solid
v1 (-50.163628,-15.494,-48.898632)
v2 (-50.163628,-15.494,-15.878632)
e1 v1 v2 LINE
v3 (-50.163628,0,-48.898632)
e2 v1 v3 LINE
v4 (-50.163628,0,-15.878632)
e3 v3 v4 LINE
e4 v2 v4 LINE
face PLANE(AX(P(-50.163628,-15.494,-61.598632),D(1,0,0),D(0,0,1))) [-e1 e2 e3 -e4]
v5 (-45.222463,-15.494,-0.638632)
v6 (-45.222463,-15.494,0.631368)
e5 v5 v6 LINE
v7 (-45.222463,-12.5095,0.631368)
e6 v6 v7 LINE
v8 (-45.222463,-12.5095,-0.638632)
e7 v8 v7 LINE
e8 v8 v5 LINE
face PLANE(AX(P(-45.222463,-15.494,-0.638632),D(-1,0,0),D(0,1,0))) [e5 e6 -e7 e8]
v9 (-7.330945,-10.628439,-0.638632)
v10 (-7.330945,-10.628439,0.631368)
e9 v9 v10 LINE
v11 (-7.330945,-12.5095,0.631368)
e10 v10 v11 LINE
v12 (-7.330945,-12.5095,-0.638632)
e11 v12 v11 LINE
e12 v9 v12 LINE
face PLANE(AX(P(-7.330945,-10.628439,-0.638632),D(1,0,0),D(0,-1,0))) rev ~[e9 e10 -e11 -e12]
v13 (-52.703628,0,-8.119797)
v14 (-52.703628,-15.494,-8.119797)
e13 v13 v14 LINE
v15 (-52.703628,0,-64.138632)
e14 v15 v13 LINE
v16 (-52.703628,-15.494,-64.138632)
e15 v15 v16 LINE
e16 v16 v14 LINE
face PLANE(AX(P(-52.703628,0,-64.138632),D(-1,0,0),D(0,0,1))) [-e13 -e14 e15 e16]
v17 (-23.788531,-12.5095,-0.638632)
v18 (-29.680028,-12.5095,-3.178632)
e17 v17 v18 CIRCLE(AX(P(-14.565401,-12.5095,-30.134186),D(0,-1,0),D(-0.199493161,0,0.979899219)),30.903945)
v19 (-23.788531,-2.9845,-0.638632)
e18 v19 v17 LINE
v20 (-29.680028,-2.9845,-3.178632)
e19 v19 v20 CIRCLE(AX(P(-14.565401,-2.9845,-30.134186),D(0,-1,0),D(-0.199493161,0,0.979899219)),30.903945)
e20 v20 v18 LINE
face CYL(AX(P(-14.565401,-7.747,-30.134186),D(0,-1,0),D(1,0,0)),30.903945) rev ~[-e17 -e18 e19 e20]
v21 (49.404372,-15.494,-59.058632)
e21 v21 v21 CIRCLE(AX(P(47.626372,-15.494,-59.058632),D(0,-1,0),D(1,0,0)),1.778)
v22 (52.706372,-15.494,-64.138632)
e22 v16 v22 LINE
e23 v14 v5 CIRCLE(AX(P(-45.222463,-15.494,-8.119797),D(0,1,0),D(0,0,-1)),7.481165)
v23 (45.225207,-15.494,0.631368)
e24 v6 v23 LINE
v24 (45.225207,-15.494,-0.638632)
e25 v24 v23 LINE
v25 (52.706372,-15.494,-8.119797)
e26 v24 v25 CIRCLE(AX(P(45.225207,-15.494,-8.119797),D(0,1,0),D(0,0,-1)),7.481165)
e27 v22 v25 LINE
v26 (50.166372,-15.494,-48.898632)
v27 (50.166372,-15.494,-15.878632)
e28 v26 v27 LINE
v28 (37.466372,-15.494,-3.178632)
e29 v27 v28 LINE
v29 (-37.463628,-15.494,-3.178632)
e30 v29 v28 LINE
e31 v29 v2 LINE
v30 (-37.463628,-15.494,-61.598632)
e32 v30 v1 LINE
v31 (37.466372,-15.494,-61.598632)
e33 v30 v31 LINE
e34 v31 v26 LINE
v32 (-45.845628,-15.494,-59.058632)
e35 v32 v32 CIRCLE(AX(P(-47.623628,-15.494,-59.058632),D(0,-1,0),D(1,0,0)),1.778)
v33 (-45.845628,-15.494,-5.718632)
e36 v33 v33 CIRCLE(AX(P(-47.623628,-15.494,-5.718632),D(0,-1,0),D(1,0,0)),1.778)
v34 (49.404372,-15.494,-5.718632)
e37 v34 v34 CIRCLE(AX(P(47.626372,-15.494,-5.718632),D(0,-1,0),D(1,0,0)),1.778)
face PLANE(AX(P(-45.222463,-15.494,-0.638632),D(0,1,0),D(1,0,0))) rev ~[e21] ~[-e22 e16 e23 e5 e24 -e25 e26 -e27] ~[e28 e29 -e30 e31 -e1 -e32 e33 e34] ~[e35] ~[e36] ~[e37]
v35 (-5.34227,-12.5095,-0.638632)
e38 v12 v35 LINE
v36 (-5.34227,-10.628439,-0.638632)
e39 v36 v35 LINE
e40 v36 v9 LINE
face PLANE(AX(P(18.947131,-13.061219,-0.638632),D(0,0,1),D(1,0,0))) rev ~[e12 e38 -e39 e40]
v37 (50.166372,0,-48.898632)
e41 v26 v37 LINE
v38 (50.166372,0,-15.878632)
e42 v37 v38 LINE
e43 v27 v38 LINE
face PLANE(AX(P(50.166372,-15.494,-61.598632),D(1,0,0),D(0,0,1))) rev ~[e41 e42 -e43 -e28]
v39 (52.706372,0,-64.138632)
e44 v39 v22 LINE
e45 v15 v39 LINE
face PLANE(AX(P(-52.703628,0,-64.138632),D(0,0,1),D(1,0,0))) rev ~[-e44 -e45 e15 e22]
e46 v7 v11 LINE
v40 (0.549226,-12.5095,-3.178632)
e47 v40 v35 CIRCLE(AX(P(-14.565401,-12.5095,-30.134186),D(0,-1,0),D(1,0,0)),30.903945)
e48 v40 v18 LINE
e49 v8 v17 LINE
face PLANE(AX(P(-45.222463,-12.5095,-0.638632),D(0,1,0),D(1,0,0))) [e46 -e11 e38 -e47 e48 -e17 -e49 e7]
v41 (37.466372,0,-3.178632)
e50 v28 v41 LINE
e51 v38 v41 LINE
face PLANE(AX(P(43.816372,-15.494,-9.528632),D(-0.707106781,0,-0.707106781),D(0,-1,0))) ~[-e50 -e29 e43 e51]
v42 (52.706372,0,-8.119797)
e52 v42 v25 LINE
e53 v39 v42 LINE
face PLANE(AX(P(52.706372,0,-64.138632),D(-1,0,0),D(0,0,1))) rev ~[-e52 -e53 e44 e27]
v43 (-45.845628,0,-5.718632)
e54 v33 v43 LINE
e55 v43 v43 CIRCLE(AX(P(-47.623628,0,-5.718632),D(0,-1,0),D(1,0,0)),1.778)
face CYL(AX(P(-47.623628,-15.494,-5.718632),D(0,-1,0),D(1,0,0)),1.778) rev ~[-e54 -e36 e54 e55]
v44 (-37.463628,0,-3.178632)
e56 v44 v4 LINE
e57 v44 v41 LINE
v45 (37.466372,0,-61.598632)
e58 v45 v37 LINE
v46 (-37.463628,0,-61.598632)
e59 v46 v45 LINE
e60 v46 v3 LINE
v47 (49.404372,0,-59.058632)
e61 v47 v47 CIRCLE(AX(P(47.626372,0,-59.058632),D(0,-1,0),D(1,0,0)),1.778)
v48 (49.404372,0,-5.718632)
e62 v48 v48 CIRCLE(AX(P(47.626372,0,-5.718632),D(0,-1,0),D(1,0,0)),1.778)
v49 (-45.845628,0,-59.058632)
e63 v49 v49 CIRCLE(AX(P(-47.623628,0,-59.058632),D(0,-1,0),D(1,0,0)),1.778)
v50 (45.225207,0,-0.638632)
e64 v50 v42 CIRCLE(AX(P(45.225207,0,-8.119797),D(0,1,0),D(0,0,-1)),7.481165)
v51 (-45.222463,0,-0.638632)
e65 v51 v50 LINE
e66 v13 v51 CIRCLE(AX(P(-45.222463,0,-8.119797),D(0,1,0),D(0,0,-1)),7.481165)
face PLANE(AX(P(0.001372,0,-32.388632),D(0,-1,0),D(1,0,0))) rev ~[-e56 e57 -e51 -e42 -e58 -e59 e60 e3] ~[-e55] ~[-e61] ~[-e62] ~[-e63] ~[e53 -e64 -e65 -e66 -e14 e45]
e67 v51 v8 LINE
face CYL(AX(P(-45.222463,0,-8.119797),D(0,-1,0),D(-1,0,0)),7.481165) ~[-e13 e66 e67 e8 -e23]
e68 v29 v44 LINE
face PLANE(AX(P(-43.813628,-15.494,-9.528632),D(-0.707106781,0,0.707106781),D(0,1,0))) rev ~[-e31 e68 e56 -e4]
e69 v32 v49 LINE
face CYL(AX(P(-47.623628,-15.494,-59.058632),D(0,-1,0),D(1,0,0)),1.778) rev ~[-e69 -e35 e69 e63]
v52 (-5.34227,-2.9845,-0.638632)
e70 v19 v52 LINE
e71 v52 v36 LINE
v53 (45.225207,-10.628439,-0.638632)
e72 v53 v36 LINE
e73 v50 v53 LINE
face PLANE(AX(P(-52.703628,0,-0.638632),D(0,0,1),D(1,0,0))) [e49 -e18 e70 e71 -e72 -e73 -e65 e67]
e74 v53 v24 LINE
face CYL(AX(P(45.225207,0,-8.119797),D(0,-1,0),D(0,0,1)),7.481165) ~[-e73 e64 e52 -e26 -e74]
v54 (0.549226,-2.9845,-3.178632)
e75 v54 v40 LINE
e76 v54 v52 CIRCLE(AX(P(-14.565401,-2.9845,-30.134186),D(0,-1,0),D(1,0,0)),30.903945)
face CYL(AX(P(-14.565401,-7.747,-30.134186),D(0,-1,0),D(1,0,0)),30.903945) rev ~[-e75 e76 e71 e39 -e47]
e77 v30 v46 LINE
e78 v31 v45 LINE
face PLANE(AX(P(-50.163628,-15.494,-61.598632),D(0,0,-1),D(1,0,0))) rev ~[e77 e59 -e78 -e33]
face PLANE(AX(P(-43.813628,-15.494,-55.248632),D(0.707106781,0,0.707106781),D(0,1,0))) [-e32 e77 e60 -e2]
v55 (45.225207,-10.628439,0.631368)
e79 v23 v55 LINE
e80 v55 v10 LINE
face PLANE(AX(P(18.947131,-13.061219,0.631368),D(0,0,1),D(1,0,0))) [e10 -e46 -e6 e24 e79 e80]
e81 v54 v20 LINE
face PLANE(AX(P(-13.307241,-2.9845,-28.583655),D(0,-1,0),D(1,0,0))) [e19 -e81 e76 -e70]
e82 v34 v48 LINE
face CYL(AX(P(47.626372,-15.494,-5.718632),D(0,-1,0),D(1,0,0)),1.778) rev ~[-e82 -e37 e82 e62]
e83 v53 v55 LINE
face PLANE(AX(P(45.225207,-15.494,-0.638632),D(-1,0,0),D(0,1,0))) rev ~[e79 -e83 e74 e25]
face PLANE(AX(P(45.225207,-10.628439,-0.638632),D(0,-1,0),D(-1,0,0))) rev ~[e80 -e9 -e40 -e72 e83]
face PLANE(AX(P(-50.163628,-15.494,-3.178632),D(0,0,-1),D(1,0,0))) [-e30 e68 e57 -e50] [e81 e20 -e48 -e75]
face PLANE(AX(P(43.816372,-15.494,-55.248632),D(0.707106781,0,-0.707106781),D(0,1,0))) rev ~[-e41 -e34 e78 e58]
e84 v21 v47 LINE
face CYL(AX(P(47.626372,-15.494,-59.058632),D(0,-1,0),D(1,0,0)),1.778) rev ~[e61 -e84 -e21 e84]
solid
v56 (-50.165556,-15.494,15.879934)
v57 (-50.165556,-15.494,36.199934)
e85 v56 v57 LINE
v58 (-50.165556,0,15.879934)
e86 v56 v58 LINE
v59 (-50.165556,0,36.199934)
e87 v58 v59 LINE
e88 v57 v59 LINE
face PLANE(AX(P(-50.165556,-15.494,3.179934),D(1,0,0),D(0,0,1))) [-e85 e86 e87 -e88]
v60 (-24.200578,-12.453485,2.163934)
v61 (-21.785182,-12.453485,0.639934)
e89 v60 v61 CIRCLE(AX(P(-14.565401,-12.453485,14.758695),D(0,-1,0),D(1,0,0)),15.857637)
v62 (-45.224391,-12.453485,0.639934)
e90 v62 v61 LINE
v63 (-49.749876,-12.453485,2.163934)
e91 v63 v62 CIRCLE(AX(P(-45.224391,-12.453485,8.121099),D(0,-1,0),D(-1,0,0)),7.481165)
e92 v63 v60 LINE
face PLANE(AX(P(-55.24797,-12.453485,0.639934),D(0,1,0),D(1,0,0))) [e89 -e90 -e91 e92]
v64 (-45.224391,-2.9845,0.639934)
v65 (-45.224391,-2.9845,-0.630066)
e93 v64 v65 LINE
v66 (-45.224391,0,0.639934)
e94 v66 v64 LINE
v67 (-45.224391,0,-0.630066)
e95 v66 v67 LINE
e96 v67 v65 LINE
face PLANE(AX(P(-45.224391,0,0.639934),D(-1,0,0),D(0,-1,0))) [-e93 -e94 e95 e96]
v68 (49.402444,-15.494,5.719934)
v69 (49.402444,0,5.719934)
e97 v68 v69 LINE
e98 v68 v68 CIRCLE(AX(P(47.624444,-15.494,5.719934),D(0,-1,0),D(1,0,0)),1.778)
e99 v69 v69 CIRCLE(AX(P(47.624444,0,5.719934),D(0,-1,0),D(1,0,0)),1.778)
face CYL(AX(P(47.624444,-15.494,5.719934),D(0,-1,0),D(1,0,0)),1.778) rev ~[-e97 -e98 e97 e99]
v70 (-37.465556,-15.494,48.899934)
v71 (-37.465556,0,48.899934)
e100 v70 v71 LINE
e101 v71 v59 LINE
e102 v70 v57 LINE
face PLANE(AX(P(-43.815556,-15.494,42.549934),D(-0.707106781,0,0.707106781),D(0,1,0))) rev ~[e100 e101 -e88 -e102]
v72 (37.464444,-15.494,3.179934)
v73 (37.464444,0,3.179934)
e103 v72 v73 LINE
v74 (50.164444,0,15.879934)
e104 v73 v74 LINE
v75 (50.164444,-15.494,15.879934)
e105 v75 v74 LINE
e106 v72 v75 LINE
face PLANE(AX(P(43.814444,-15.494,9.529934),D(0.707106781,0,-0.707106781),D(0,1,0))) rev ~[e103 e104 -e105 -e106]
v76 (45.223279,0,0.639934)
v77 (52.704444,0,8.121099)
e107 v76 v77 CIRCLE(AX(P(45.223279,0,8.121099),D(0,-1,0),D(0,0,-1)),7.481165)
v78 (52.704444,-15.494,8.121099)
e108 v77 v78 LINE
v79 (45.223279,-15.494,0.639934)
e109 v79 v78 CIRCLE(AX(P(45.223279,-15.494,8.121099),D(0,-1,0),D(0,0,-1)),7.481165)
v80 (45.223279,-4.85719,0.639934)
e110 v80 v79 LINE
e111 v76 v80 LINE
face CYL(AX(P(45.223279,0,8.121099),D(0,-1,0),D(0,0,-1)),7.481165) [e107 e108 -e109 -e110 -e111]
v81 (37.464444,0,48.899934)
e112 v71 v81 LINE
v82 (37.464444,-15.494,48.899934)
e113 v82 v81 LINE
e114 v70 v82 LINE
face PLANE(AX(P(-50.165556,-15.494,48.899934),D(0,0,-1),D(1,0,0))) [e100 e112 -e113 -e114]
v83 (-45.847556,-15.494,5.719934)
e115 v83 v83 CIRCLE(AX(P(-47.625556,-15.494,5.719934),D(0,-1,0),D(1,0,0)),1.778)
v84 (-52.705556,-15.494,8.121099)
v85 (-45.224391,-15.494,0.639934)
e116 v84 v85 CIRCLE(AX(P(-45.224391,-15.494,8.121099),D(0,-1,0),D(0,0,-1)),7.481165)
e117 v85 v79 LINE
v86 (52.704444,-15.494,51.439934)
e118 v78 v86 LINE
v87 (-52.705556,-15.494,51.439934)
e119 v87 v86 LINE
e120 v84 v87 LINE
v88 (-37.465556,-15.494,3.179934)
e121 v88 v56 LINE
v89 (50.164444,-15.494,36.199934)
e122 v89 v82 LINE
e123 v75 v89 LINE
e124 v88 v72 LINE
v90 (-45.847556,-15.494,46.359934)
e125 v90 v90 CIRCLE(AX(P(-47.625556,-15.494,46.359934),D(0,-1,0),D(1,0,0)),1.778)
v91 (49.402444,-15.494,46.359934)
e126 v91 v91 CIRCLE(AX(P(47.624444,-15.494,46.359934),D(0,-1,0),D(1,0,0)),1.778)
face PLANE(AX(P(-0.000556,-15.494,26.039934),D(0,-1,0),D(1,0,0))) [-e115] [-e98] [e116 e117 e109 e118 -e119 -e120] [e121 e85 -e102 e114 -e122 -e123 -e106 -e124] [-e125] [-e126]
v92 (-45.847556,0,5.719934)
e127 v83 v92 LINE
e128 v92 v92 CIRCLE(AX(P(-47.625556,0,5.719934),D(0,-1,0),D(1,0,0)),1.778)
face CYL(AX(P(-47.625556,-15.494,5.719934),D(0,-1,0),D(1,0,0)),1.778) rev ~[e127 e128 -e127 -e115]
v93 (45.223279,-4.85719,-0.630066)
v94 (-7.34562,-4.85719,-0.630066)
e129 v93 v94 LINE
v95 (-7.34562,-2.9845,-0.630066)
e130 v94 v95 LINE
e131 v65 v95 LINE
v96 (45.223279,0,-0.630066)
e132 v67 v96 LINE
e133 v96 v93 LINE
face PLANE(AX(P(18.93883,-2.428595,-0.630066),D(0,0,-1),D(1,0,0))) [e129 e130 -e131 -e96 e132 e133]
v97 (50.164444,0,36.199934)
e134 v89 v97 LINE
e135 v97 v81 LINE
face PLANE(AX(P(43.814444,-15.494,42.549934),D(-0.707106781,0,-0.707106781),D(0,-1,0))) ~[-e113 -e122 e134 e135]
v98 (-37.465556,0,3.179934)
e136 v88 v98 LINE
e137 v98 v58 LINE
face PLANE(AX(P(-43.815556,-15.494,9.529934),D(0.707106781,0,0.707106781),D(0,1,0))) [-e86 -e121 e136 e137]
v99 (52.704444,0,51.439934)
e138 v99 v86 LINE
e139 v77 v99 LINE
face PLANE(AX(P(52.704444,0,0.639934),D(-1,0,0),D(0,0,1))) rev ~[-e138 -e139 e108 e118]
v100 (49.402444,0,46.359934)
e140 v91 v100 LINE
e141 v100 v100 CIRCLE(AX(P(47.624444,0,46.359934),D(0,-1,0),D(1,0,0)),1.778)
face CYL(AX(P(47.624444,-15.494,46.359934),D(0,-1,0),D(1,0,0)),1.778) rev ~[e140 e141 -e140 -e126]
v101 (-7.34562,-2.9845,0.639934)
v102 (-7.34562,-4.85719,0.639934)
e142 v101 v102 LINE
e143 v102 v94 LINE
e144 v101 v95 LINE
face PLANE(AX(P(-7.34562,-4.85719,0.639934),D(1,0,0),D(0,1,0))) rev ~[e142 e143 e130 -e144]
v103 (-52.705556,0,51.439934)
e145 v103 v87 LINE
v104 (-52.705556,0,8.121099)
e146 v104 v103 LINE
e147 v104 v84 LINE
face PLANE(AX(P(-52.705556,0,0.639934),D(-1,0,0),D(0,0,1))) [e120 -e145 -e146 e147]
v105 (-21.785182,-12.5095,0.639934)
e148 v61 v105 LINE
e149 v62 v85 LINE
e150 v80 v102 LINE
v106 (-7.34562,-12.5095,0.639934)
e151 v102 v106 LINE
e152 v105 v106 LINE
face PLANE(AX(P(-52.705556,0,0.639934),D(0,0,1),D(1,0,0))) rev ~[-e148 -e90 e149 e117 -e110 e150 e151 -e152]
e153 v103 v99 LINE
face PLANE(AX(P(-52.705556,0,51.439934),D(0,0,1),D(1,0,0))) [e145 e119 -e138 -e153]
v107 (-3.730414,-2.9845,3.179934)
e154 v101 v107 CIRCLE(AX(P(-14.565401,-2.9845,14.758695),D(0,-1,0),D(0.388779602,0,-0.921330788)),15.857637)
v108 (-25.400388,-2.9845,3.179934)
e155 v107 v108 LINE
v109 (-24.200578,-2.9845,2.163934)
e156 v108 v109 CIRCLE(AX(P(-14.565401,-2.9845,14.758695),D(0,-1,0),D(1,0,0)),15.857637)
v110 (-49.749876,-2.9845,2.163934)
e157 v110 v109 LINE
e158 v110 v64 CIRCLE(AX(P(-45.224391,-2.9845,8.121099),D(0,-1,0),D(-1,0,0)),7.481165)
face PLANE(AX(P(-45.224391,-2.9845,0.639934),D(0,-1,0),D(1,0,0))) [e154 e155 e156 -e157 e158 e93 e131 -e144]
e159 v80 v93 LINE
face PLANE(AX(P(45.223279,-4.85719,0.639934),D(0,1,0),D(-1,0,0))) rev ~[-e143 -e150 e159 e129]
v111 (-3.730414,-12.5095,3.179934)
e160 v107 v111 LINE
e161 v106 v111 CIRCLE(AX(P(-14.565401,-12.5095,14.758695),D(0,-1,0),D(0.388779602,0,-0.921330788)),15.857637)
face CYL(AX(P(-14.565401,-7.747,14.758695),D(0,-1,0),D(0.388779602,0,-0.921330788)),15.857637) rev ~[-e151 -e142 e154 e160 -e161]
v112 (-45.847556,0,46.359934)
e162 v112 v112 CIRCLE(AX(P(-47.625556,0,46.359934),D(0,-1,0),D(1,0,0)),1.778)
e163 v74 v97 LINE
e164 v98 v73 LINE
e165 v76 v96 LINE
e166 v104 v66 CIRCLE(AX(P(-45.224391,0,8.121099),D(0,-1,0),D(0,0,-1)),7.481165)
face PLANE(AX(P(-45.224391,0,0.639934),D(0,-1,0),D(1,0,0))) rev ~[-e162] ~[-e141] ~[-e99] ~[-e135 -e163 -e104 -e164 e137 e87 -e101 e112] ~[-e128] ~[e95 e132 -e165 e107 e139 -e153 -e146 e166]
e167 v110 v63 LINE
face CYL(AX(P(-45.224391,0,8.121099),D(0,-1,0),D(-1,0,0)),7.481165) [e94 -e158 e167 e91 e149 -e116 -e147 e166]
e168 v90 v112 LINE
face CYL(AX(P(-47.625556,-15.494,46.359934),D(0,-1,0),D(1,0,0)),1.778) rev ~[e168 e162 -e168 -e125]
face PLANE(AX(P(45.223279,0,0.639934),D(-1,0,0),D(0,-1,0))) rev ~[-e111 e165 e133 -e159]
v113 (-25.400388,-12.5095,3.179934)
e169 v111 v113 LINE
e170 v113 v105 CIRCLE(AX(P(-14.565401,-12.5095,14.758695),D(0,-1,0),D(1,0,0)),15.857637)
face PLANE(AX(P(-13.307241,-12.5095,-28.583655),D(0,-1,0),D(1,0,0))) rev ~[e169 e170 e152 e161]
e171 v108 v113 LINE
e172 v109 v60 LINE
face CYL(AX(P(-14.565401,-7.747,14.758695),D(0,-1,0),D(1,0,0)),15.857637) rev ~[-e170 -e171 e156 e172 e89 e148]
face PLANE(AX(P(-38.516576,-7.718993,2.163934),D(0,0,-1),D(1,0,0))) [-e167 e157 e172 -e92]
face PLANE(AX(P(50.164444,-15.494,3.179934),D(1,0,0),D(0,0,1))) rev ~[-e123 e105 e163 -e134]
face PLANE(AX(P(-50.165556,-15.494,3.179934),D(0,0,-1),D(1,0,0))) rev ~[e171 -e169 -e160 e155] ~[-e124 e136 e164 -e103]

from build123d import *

# Parameters (mm, degrees)
F0_W      = 105.41
F0_H      = 50.8
F2_DEPTH  = 15.494
F1_W      = 105.41
F1_H      = 63.5
F3_DEPTH  = 15.494
F4_W      = 100.33
F4_H      = 45.72
F6_DEPTH  = 25.4
F5_W      = 100.33
F5_H      = 58.42
F7_DEPTH  = 25.4
F8_SIZE   = 12.7
F9_SIZE   = 12.7
F10_R     = 1.778
F12_DEPTH = 25.4
F11_R     = 1.778
F13_DEPTH = 25.4
F16_DEPTH = 4.7625
F17_R     = 7.4811649871
F17_2_R   = 7.4811649871
F18_W     = 37.8915182585
F18_H     = 2.9845
F19_DEPTH = 1.27
F20_W     = 37.8787715588
F20_H     = 2.9845
F21_DEPTH = 1.27
F22_W     = 33.4627879753
F22_H     = 9.4689852803
F23_DEPTH = 1.524


with BuildPart() as f2:
    # F0 (on Front) → F2 (new body)
    with BuildSketch(Plane.XZ):
        with Locations((-0.0005561543, 26.0399340928)):
            Rectangle(F0_W, F0_H)
    extrude(amount=F2_DEPTH)

    # F4 (on face) → F6 (cut)
    with BuildSketch(Plane.XZ.offset(15.494)):
        with Locations((-0.0005561543, 26.0399340928)):
            Rectangle(F4_W, F4_H)
    extrude(amount=-F6_DEPTH, mode=Mode.SUBTRACT)

    # F8
    f8_edges = [f2.edges().sort_by_distance(p)[0] for p in [
        (-50.165556, -7.747, 48.899934),
        (-50.165556, -7.747, 3.179934),
        (50.164444, -7.747, 48.899934),
        (50.164444, -7.747, 3.179934),
    ]]
    chamfer(f8_edges, length=F8_SIZE)

    # F10 (on face) → F12 (cut)
    with BuildSketch(Plane.XZ.offset(15.494)):
        with Locations((-47.6255561543, 46.3599340928)):
            Circle(F10_R)
        with Locations((47.6244438457, 46.3599340928)):
            Circle(F10_R)
        with Locations((47.6244438457, 5.7199340928)):
            Circle(F10_R)
        with Locations((-47.6255561543, 5.7199340928)):
            Circle(F10_R)
    extrude(amount=-F12_DEPTH, mode=Mode.SUBTRACT)


with BuildPart() as f3:
    # F1 (on Front) → F3 (new body)
    with BuildSketch(Plane.XZ):
        with Locations((0.0013719928, -32.3886321804)):
            Rectangle(F1_W, F1_H)
    extrude(amount=F3_DEPTH)

    # F5 (on face) → F7 (cut)
    with BuildSketch(Plane.XZ.offset(15.494)):
        with Locations((0.0013719928, -32.3886321804)):
            Rectangle(F5_W, F5_H)
    extrude(amount=-F7_DEPTH, mode=Mode.SUBTRACT)

    # F9
    f9_edges = [f3.edges().sort_by_distance(p)[0] for p in [
        (-50.163628, -7.747, -3.178632),
        (50.166372, -7.747, -3.178632),
        (-50.163628, -7.747, -61.598632),
        (50.166372, -7.747, -61.598632),
    ]]
    chamfer(f9_edges, length=F9_SIZE)

    # F11 (on face) → F13 (cut)
    with BuildSketch(Plane.XZ.offset(15.494)):
        with Locations((-47.6236280072, -5.7186321804)):
            Circle(F11_R)
        with Locations((47.6263719928, -5.7186321804)):
            Circle(F11_R)
        with Locations((47.6263719928, -59.0586321804)):
            Circle(F11_R)
        with Locations((-47.6236280072, -59.0586321804)):
            Circle(F11_R)
    extrude(amount=-F13_DEPTH, mode=Mode.SUBTRACT)


with BuildPart() as f16_tool:
    # F15 (on offset) → F16 (new body, symmetric)
    with BuildSketch(Plane.XZ.offset(7.747)):
        with BuildLine():
            ThreePointArc((-20.7305265373, 0.1485658363), (-34.1169625247, -54.0672234968), (16.3385446548, -30.1341861486))
            ThreePointArc((16.3385446548, -30.1341861486), (9.3676365689, -10.5826244032), (-8.4002750212, 0.1485658363))
            ThreePointArc((-8.4002750212, 0.1485658363), (-14.5654007792, -1.0989419614), (-20.7305265373, 0.1485658363))
        make_face()
        with BuildLine():
            ThreePointArc((-20.7305265373, 0.1485658363), (-14.5654007792, -1.0989419614), (-8.4002750212, 0.1485658363))
            ThreePointArc((-8.4002750212, 0.1485658363), (-14.5654007792, 0.7697592854), (-20.7305265373, 0.1485658363))
        make_face()
        with BuildLine():
            ThreePointArc((-20.7305265373, 0.1485658363), (-14.5654007792, 0.7697592854), (-8.4002750212, 0.1485658363))
            ThreePointArc((-8.4002750212, 0.1485658363), (-1.3512232992, 5.9922725627), (1.2922360991, 14.758694917))
            ThreePointArc((1.2922360991, 14.758694917), (-23.3318231335, 27.972872397), (-20.7305265373, 0.1485658363))
        make_face()
    extrude(amount=F16_DEPTH, both=True)


with BuildPart() as f2_1:
    add(f2.part)

    # F16: cut by f16_tool
    add(f16_tool.part, mode=Mode.SUBTRACT)

    # F17
    f17_edges = [f2_1.edges().sort_by_distance(p)[0] for p in [
        (52.704444, -7.747, 0.639934),
        (-52.705556, -7.747, 0.639934),
    ]]
    fillet(f17_edges, radius=F17_R)

    # F20 (on face) → F21 (join)
    with BuildSketch(Plane(origin=(0, 0, 0.6399340928), x_dir=(1, 0, 0), z_dir=(0, 0, -1))):
        Polygon((-7.3456196084, 0), (45.2232788587, 0), (45.2232788587, 4.857190419), (-7.3456196084, 4.857190419), (-7.3456196084, 2.9845), align=None)
        with Locations((-26.2850053878, 1.49225)):
            Rectangle(F20_W, F20_H)
    extrude(amount=F21_DEPTH)

    # F22 (on face) → F23 (cut)
    with BuildSketch(Plane(origin=(0, 0, 0.6399340928), x_dir=(1, 0, 0), z_dir=(0, 0, -1))):
        with Locations((-38.5165759378, 7.7189926401)):
            Rectangle(F22_W, F22_H)
    extrude(amount=-F23_DEPTH, mode=Mode.SUBTRACT)


with BuildPart() as f3_1:
    add(f3.part)

    # F16: cut by f16_tool
    add(f16_tool.part, mode=Mode.SUBTRACT)

    # F17#2
    f17_2_edges = [f3_1.edges().sort_by_distance(p)[0] for p in [
        (52.706372, -7.747, -0.638632),
        (-52.703628, -7.747, -0.638632),
    ]]
    fillet(f17_2_edges, radius=F17_2_R)

    # F18 (on face) → F19 (join)
    with BuildSketch(Plane.XY.offset(-0.6386321804)):
        Polygon((-7.3309447616, -15.494), (45.2252070057, -15.494), (45.2252070057, -10.6284385547), (-7.3309447616, -10.6284385547), (-7.3309447616, -12.5095), align=None)
        with Locations((-26.2767038909, -14.00175)):
            Rectangle(F18_W, F18_H)
    extrude(amount=F19_DEPTH)


solid = Compound([f2_1.part, f3_1.part])
